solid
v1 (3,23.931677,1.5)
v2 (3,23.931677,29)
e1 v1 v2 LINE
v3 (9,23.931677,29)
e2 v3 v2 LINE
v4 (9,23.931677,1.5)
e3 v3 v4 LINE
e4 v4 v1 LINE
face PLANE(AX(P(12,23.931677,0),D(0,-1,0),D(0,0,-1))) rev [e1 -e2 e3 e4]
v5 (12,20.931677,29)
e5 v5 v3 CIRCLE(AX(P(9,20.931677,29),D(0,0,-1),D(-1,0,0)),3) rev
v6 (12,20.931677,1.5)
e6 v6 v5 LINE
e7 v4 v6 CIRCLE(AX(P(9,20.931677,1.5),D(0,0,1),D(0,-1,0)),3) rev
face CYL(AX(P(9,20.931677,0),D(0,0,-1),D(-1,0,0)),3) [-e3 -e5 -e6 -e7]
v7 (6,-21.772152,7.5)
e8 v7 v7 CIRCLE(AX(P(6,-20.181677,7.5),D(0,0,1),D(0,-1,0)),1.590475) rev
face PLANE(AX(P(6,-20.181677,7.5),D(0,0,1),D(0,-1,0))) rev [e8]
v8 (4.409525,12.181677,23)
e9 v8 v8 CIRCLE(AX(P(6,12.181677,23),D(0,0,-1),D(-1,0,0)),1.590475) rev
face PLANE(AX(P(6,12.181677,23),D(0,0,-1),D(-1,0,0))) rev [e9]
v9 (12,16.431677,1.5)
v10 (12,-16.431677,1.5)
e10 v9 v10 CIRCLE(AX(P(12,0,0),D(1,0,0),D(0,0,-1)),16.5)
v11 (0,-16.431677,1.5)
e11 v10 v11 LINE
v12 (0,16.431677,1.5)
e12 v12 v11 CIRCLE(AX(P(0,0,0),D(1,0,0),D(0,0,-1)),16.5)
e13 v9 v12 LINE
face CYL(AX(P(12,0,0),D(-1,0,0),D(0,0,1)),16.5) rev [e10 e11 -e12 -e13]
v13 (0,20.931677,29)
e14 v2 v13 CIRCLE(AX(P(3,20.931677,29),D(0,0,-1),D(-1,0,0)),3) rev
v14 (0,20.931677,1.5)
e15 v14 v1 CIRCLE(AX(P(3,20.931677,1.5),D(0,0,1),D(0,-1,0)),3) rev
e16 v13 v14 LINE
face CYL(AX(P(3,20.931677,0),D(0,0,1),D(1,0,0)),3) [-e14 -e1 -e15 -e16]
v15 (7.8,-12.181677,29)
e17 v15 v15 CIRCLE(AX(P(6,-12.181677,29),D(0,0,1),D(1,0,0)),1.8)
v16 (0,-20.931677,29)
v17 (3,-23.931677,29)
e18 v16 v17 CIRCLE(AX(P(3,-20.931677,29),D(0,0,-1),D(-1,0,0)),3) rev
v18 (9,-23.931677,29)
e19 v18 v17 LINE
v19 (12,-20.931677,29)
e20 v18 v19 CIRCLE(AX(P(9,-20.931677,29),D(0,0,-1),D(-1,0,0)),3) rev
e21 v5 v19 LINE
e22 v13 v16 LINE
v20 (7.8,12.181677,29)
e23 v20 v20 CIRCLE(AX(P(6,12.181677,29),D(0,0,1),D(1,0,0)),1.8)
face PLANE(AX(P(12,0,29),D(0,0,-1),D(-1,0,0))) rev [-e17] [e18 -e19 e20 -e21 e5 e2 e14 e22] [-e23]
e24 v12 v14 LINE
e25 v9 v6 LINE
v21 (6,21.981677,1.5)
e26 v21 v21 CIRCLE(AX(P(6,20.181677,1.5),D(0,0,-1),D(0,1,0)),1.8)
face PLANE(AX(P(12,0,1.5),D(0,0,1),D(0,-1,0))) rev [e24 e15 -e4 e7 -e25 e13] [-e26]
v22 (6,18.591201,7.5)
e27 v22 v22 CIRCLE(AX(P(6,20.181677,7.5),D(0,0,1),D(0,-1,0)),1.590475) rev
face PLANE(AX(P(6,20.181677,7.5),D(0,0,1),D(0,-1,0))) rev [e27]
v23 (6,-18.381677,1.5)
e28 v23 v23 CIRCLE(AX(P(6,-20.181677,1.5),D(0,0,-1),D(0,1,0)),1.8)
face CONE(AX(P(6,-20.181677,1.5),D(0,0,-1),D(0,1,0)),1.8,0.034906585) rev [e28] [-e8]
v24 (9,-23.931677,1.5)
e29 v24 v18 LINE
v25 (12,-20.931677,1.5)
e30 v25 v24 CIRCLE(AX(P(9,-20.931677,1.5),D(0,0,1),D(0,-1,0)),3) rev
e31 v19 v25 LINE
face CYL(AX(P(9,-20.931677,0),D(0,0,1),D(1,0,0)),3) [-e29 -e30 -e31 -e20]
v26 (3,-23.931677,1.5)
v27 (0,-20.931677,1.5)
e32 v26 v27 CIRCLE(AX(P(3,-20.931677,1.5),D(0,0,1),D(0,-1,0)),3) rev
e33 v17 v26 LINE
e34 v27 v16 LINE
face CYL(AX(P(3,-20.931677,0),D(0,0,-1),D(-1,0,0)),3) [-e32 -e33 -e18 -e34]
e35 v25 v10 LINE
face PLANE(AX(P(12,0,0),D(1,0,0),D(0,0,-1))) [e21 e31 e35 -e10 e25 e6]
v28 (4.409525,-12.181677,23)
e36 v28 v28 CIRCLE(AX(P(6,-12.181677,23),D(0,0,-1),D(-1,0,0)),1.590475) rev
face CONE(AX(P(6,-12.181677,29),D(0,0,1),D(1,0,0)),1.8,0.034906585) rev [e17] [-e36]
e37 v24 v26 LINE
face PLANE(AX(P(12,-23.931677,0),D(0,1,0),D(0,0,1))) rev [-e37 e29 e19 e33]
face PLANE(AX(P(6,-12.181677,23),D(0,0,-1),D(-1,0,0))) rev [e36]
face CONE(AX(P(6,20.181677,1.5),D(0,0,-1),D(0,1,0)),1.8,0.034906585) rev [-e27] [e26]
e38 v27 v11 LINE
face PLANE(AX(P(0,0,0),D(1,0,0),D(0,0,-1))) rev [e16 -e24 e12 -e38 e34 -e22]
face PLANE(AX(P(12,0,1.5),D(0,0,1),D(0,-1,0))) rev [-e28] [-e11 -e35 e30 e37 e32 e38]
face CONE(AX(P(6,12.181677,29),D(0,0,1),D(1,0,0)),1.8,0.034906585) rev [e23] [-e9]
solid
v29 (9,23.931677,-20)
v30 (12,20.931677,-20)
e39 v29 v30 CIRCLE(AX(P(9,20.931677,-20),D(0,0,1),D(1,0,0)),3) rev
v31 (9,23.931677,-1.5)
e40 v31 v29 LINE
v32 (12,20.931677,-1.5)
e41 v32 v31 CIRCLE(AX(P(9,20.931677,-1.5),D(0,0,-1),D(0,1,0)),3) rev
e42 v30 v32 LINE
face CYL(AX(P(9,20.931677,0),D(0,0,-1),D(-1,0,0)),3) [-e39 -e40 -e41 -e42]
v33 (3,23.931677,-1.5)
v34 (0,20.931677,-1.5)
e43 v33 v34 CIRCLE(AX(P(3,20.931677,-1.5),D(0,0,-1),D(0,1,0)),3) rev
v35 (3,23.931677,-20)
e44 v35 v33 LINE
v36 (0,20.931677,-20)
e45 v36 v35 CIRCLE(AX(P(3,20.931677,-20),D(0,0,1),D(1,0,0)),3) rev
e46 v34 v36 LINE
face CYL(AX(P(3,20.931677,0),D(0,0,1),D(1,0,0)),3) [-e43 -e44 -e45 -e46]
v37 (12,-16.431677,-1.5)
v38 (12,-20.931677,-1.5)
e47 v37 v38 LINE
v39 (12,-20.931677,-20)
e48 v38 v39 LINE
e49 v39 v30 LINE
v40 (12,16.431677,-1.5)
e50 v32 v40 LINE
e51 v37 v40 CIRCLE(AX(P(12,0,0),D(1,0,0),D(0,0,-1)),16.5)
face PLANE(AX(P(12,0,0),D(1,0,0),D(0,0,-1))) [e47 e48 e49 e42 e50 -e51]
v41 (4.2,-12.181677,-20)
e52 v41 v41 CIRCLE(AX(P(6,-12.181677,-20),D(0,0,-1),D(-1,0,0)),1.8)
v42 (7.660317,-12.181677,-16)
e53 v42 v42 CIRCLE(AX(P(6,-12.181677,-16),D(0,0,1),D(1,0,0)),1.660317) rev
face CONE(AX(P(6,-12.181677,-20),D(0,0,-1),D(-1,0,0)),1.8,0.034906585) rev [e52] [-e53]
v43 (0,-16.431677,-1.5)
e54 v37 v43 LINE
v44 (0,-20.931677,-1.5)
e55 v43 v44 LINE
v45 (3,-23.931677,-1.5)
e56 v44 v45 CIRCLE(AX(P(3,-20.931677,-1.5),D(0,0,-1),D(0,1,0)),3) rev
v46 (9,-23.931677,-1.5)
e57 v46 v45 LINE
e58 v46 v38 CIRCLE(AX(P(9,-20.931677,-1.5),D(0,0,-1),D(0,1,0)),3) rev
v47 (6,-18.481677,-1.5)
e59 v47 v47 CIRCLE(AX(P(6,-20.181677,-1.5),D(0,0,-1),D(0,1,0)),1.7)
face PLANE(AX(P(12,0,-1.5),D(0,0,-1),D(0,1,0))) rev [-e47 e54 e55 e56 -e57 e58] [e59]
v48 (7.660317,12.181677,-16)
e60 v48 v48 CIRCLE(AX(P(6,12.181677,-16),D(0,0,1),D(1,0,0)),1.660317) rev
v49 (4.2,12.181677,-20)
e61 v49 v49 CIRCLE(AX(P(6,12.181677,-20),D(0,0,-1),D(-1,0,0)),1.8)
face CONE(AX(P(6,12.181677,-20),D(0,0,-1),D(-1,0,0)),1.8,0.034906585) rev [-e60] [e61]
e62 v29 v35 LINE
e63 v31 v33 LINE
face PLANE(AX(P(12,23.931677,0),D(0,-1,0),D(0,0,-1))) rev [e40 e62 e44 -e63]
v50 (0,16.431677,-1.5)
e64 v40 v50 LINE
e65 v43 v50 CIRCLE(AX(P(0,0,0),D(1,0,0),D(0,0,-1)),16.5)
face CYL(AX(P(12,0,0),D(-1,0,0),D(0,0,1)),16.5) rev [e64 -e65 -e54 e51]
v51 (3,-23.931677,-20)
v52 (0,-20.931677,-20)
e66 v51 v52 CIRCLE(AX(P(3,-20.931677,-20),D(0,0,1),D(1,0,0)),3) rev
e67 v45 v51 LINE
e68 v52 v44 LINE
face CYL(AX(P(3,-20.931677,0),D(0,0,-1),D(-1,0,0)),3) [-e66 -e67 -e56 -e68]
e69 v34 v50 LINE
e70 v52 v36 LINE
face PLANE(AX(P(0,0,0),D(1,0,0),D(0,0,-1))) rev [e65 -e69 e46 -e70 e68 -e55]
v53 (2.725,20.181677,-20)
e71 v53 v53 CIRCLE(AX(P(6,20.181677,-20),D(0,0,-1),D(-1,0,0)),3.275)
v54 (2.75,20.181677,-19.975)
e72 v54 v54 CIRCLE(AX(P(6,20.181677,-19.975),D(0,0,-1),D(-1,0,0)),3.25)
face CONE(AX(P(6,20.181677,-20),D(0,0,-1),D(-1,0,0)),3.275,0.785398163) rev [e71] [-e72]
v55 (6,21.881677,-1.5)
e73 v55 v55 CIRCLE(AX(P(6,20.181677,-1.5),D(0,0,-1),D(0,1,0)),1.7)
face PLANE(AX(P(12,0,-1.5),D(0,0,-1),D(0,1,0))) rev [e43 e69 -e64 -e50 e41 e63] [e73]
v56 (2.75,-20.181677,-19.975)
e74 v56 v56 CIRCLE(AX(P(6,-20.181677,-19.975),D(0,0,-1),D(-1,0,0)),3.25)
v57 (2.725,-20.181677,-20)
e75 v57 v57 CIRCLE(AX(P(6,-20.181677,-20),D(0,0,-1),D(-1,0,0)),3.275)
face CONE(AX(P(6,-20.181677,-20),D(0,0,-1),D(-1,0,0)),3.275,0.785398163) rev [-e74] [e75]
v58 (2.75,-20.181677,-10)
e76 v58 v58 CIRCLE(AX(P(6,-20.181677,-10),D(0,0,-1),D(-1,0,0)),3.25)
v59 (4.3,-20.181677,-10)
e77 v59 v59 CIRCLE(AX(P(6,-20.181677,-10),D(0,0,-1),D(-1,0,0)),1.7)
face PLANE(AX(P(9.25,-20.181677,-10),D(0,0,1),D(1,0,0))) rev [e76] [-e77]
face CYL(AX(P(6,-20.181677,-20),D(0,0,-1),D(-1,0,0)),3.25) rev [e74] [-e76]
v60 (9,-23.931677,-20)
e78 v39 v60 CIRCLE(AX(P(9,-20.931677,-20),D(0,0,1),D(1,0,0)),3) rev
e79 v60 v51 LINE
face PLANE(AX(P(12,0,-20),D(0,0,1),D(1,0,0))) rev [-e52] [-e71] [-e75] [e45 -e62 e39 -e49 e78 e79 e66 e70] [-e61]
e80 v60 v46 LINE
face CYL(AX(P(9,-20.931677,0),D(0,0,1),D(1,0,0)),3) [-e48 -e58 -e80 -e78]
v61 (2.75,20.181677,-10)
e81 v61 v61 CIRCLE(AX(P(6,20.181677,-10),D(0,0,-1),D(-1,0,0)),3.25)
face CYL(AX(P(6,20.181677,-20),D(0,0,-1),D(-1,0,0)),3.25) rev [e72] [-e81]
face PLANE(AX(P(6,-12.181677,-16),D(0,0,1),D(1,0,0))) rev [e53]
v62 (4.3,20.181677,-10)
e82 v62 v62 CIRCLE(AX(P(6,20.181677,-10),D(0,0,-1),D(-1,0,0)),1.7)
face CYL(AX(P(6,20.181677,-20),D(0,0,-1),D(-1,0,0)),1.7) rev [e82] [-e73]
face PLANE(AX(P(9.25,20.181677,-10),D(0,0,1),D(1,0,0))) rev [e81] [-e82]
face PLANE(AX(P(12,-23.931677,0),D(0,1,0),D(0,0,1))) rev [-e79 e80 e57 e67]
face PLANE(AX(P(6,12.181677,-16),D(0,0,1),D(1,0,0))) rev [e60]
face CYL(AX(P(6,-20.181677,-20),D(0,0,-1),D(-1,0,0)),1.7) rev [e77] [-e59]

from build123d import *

# Parameters (mm, degrees)
BOSS_EXTRUDE1_DEPTH           = 12
BOSS_EXTRUDE1_2_DEPTH         = 12
FILLET1_R                     = 3
FILLET2_R                     = 3
CBORE_FOR_M3_SHCS1_AT_2_COUNT = 2
CBORE_FOR_M3_SHCS1_AT_2_PITCH = 40.36335345
SKETCH8_W                     = 1.8
SKETCH8_H                     = 6
HOLE1_AT_2_COUNT              = 2
HOLE1_AT_2_PITCH              = 40.36335345
SKETCH10_W                    = 1.8
SKETCH10_H                    = 4
HOLE2_AT_2_COUNT              = 2
HOLE2_AT_2_PITCH              = 24.36335345
SKETCH14_W                    = 1.8
SKETCH14_H                    = 6
HOLE3_AT_2_COUNT              = 2
HOLE3_AT_2_PITCH              = 24.36335345
DRAFT1_ANGLE                  = 2
DRAFT2_ANGLE                  = 2
DRAFT3_ANGLE                  = 2


with BuildPart() as part:
    # Sketch1 → Boss-Extrude1 (new body)
    with BuildSketch(Plane(origin=(0, 0, 0), x_dir=(0, 0, -1), z_dir=(1, 0, 0))):
        with BuildLine():
            Line((1.5, 23.931676725), (1.5, 16.431676725))
            ThreePointArc((1.5, 16.431676725), (12.186057607, 11.124297731), (16.5, 0))
            ThreePointArc((16.5, 0), (12.186057607, -11.124297731), (1.5, -16.431676725))
            Line((1.5, -16.431676725), (1.5, -23.931676725))
            Line((1.5, -23.931676725), (20, -23.931676725))
            Line((20, -23.931676725), (20, 23.931676725))
            Line((20, 23.931676725), (1.5, 23.931676725))
        make_face()
    extrude(amount=BOSS_EXTRUDE1_DEPTH)

    # Fillet1
    fillet1_edges = [part.edges().sort_by_distance(p)[0] for p in [
        (12, -23.931676725, -10.75),
        (12, 23.931676725, -10.75),
        (0, 23.931676725, -10.75),
        (0, -23.931676725, -10.75),
    ]]
    fillet(fillet1_edges, radius=FILLET1_R)

    # Sketch6 → CBORE for M3 SHCS1 (revolve, cut)
    with BuildSketch(Plane(origin=(6, 20.181676725, -20), x_dir=(0, 1, 0), z_dir=(1, 0, 0))):
        Polygon((0, 0), (0, 49), (1.7, 49), (1.7, 10), (3.25, 10), (3.25, 0.025), (3.275, 0), align=None)
    cbore_for_m3_shcs1 = revolve(axis=Axis((6, 20.181676725, -26.35), (0, 0, 1)), mode=Mode.SUBTRACT)

    # CBORE for M3 SHCS1 at 2: CBORE for M3 SHCS1 ×2
    with Locations(*[(0, -i * CBORE_FOR_M3_SHCS1_AT_2_PITCH, 0) for i in range(1, CBORE_FOR_M3_SHCS1_AT_2_COUNT)]):
        add(cbore_for_m3_shcs1, mode=Mode.SUBTRACT)

    # Sketch10 → Hole2 (revolve, cut)
    with BuildSketch(Plane(origin=(6, 12.181676725, -20), x_dir=(0, 1, 0), z_dir=(1, 0, 0))):
        with Locations((0.9, 2)):
            Rectangle(SKETCH10_W, SKETCH10_H)
    hole2 = revolve(axis=Axis((6, 12.181676725, 90), (0, 0, -1)), mode=Mode.SUBTRACT)

    # Hole2 at 2: Hole2 ×2
    with Locations(*[(0, -i * HOLE2_AT_2_PITCH, 0) for i in range(1, HOLE2_AT_2_COUNT)]):
        add(hole2, mode=Mode.SUBTRACT)

    # Draft1
    draft1_faces = [part.faces().sort_by_distance(p)[0] for p in [
        (6, -13.981676725, -18),
        (6, 10.381676725, -18),
    ]]
    draft(draft1_faces, Plane(origin=(12, 0, -20), x_dir=(-1, 0, 0), z_dir=(0, 0, -1)), DRAFT1_ANGLE)


with BuildPart() as body_2:
    # Sketch1 → Boss-Extrude1 2 (new body)
    with BuildSketch(Plane(origin=(0, 0, 0), x_dir=(0, 0, -1), z_dir=(1, 0, 0))):
        with BuildLine():
            ThreePointArc((-1.5, -16.431676725), (-16.5, 0), (-1.5, 16.431676725))
            Line((-1.5, 16.431676725), (-1.5, 23.931676725))
            Line((-1.5, 23.931676725), (-29, 23.931676725))
            Line((-29, 23.931676725), (-29, -23.931676725))
            Line((-29, -23.931676725), (-1.5, -23.931676725))
            Line((-1.5, -23.931676725), (-1.5, -16.431676725))
        make_face()
    extrude(amount=BOSS_EXTRUDE1_2_DEPTH)

    # Fillet2
    fillet2_edges = [body_2.edges().sort_by_distance(p)[0] for p in [
        (12, 23.931676725, 15.25),
        (12, -23.931676725, 15.25),
        (0, -23.931676725, 15.25),
        (0, 23.931676725, 15.25),
    ]]
    fillet(fillet2_edges, radius=FILLET2_R)

    # Sketch8 → Hole1 (revolve, cut)
    with BuildSketch(Plane(origin=(6, 20.181676725, 1.5), x_dir=(0, 1, 0), z_dir=(1, 0, 0))):
        with Locations((0.9, 3)):
            Rectangle(SKETCH8_W, SKETCH8_H)
    hole1 = revolve(axis=Axis((6, 20.181676725, 111.5), (0, 0, -1)), mode=Mode.SUBTRACT)

    # Hole1 at 2: Hole1 ×2
    with Locations(*[(0, -i * HOLE1_AT_2_PITCH, 0) for i in range(1, HOLE1_AT_2_COUNT)]):
        add(hole1, mode=Mode.SUBTRACT)

    # Sketch14 → Hole3 (revolve, cut)
    with BuildSketch(Plane(origin=(6, 12.181676725, 29), x_dir=(0, -1, 0), z_dir=(1, 0, 0))):
        with Locations((0.9, 3)):
            Rectangle(SKETCH14_W, SKETCH14_H)
    hole3 = revolve(axis=Axis((6, 12.181676725, -81), (0, 0, 1)), mode=Mode.SUBTRACT)

    # Hole3 at 2: Hole3 ×2
    with Locations(*[(0, -i * HOLE3_AT_2_PITCH, 0) for i in range(1, HOLE3_AT_2_COUNT)]):
        add(hole3, mode=Mode.SUBTRACT)

    # Draft2
    draft2_faces = [body_2.faces().sort_by_distance(p)[0] for p in [
        (6, -21.981676725, 4.5),
        (6, 18.381676725, 4.5),
    ]]
    draft(draft2_faces, Plane(origin=(12, 0, 1.5), x_dir=(0, -1, 0), z_dir=(0, 0, -1)), DRAFT2_ANGLE)

    # Draft3
    draft3_faces = [body_2.faces().sort_by_distance(p)[0] for p in [
        (6, -10.381676725, 26),
        (6, 13.981676725, 26),
    ]]
    draft(draft3_faces, Plane(origin=(12, 0, 29), x_dir=(1, 0, 0), z_dir=(0, 0, 1)), DRAFT3_ANGLE)


solid = Compound([part.part, body_2.part])
